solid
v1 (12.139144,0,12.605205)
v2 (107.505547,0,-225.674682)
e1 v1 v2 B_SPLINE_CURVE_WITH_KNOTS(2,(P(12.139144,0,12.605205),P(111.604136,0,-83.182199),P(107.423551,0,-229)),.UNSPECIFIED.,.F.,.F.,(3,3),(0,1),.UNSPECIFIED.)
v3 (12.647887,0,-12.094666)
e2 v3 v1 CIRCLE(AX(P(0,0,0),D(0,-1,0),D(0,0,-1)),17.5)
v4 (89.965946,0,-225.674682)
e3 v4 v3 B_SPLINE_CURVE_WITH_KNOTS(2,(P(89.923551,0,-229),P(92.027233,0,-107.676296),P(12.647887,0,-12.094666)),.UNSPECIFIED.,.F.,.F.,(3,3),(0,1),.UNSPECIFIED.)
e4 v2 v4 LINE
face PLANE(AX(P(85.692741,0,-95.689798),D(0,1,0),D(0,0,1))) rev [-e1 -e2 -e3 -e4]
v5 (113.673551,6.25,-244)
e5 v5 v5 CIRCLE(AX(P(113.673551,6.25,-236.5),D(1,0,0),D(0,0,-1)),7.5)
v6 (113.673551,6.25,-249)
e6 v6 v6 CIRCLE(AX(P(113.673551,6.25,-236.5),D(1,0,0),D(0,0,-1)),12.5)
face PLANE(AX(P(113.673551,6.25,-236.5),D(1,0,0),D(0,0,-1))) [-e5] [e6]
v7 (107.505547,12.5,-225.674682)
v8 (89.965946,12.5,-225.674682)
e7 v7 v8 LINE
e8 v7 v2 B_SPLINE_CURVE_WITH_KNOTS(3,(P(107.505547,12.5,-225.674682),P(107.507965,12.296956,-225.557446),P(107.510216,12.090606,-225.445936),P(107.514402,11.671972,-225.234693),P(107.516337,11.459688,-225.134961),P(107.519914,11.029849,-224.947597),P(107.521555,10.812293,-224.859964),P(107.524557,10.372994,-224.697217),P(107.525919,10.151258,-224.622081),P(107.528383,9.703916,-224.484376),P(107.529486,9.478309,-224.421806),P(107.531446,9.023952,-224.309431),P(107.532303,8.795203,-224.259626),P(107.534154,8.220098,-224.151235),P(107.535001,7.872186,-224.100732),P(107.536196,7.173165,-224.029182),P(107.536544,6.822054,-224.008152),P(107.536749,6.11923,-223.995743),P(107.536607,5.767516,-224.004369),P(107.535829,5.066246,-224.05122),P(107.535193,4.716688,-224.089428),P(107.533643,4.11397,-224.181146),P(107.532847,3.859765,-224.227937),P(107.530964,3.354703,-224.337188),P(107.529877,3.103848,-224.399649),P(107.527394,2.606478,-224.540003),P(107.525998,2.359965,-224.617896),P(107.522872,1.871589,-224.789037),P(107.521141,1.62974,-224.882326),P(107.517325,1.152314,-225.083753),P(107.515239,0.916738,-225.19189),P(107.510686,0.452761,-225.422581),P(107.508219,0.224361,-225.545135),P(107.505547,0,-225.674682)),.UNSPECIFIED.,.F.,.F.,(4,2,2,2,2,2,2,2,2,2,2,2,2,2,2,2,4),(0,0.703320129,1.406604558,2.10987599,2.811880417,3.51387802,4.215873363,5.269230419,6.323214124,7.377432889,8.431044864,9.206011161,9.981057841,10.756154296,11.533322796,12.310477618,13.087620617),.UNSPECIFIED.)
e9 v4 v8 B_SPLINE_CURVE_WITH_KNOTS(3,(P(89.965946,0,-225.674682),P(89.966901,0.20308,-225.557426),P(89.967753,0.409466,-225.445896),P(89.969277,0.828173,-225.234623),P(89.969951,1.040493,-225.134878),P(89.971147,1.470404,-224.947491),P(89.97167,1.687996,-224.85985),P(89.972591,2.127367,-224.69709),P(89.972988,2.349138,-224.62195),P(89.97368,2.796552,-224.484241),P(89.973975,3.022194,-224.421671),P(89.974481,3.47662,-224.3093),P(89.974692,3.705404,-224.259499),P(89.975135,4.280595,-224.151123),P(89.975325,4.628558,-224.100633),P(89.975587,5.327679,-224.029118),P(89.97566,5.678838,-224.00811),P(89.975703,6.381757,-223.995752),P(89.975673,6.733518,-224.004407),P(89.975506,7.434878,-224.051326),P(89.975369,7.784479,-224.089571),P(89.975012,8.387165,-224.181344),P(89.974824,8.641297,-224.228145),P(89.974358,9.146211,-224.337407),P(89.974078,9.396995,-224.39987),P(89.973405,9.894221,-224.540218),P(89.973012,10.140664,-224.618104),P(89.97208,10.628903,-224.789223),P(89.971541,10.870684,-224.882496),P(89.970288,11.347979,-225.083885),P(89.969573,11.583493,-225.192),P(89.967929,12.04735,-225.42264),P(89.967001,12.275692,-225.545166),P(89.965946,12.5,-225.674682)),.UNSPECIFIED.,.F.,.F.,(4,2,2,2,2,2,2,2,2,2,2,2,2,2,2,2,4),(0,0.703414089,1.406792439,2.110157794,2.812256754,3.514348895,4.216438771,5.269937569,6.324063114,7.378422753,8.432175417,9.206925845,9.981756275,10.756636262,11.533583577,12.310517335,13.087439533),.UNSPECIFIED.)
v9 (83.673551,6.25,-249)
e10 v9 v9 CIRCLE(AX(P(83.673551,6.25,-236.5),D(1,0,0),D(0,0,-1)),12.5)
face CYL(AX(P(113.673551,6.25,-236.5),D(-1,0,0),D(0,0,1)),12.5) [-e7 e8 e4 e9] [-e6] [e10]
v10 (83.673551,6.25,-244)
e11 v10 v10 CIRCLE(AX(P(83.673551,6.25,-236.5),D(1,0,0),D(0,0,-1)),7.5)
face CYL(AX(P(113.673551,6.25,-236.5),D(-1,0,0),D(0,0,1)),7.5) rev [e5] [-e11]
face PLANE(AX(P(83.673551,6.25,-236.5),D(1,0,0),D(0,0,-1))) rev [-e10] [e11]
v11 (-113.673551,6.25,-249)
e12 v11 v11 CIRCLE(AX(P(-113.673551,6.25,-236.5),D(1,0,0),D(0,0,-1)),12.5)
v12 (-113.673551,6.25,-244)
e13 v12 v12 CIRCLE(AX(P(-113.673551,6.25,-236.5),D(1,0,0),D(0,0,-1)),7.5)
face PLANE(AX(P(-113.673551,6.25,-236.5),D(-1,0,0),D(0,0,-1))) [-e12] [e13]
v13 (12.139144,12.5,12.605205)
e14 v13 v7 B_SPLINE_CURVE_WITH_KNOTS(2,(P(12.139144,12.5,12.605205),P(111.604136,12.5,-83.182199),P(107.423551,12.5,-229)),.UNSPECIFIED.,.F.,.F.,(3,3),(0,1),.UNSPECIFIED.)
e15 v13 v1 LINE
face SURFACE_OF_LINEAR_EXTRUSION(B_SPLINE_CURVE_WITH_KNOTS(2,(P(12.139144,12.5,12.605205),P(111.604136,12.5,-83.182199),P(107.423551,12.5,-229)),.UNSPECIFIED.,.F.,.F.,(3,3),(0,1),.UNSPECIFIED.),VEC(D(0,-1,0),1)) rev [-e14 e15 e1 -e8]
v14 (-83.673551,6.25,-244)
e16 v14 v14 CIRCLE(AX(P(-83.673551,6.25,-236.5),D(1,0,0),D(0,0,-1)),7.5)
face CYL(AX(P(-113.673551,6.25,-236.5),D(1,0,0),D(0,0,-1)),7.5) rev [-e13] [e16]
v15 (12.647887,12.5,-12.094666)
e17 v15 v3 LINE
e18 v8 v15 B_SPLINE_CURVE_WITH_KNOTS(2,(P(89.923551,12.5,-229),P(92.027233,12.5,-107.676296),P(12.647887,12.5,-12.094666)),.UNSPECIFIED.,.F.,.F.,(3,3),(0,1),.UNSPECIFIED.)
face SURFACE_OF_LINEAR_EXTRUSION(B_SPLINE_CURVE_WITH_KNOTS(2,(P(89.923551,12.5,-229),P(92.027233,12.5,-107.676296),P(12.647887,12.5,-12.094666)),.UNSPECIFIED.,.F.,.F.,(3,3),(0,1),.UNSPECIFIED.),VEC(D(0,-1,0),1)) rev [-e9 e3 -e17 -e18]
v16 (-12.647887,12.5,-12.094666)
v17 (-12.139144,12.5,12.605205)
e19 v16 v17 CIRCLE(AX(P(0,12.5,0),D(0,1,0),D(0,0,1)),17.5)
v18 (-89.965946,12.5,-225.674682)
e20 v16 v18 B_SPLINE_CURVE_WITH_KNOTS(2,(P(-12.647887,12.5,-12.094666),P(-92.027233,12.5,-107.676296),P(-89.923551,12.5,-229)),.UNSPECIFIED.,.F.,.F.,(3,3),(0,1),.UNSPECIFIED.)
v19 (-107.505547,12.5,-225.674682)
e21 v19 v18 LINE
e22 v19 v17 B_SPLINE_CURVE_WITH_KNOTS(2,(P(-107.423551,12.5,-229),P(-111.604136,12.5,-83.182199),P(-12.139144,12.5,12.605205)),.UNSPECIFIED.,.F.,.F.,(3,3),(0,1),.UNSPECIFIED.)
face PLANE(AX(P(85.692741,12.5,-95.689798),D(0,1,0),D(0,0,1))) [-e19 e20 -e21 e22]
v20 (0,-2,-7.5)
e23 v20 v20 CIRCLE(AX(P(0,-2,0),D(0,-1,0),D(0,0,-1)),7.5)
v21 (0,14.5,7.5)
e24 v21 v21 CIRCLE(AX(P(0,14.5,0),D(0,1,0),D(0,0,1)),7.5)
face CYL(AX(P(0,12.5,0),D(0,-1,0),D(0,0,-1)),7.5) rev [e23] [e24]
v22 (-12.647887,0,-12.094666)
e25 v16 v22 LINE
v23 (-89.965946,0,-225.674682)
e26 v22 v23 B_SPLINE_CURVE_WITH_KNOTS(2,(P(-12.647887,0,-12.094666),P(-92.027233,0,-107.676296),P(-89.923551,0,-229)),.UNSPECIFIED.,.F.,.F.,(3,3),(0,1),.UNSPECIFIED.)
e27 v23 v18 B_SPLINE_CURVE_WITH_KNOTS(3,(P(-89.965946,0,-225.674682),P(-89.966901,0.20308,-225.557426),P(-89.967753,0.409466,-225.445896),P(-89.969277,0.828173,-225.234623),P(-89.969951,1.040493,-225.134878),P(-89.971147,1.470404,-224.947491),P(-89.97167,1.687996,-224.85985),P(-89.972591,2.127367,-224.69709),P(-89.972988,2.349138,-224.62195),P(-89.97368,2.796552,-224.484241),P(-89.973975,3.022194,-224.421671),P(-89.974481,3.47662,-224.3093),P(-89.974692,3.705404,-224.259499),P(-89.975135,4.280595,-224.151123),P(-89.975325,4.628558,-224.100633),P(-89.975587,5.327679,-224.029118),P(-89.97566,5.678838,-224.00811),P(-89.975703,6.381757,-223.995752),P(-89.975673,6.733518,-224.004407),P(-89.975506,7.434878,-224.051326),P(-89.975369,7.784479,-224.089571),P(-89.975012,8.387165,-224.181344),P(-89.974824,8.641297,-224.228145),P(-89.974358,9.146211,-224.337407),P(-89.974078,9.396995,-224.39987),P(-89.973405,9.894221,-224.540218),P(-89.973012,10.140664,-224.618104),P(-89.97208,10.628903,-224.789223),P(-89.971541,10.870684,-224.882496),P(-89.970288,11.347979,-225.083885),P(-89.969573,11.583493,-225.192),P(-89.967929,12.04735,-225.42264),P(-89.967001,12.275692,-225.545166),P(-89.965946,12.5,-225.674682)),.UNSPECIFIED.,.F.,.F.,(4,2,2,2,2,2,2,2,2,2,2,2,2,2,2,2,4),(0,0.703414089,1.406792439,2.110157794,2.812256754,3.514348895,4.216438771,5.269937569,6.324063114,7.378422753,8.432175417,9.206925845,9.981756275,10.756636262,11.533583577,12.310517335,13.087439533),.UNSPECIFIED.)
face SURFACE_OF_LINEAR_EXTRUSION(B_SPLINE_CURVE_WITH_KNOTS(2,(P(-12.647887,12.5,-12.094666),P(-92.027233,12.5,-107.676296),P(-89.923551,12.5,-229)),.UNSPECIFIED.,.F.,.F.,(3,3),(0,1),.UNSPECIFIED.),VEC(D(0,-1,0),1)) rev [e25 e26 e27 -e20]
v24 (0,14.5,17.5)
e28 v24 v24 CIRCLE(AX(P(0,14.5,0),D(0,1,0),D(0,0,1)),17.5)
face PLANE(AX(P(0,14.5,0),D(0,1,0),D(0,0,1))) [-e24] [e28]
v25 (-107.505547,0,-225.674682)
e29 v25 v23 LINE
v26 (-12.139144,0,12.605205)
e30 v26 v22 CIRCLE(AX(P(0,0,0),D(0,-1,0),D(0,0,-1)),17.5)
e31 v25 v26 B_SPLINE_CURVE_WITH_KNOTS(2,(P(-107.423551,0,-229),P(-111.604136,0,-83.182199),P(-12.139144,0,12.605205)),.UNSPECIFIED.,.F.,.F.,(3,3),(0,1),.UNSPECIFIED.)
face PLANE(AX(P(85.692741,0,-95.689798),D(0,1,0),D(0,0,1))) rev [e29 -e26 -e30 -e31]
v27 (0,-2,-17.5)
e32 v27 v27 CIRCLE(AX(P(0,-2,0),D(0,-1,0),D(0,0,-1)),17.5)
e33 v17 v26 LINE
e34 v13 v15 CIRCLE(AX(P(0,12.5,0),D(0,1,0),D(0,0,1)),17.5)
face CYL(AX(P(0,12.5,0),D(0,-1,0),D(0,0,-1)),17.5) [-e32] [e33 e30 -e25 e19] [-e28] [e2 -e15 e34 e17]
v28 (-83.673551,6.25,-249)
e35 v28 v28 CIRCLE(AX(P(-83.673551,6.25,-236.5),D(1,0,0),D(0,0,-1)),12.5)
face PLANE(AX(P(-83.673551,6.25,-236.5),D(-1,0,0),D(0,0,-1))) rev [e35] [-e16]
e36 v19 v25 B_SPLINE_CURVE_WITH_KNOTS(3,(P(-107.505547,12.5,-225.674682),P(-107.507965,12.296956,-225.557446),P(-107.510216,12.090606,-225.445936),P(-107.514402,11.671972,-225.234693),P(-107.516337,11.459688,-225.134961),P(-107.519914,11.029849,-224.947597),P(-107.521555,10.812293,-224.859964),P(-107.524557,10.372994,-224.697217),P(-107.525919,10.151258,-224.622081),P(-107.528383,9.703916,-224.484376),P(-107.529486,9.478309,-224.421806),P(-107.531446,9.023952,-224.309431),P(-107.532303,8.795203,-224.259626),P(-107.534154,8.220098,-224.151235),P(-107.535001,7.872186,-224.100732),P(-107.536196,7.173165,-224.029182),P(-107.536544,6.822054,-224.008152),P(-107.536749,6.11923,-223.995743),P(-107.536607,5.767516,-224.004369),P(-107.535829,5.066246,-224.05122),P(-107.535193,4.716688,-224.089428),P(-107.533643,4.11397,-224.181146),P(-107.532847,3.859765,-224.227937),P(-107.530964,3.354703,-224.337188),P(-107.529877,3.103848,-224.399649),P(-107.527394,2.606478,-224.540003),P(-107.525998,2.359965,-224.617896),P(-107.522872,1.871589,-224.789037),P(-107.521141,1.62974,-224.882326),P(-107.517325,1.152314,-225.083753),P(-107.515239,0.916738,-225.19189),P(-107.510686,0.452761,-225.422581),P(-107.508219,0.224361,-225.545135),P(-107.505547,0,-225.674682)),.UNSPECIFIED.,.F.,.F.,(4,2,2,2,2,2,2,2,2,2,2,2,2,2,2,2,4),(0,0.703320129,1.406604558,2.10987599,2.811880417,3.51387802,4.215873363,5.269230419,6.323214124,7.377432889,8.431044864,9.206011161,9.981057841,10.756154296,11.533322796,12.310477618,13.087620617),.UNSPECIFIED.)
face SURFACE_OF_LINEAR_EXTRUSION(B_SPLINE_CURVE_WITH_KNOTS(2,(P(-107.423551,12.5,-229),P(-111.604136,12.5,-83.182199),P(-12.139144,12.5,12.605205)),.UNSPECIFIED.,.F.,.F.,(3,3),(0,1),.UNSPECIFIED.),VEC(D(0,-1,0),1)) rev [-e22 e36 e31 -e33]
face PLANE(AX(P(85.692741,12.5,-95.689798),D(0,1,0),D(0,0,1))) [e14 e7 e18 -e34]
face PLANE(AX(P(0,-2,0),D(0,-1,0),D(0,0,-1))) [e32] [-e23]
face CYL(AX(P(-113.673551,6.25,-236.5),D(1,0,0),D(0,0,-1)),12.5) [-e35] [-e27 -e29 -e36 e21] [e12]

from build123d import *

# Parameters (mm, degrees)
CROQUIS1_R              = 7.5
SALIENTE_EXTRUIR1_DEPTH = 12.5
CROQUIS3_R              = 12.5
CROQUIS3_R_2            = 7.5
SALIENTE_EXTRUIR2_DEPTH = 15
CROQUIS4_R              = 17.5
CROQUIS4_R_2            = 7.5
SALIENTE_EXTRUIR3_DEPTH = 2
CROQUIS5_R              = 17.5
CROQUIS5_R_2            = 7.5
SALIENTE_EXTRUIR4_DEPTH = 2


with BuildPart() as part:
    # Croquis1 → Saliente-Extruir1 (new body)
    with BuildSketch(Plane(origin=(0, 0, 0), x_dir=(1, 0, 0), z_dir=(0, 1, 0))):
        with BuildLine():
            Line((-107.423550962, 229), (-89.923550962, 229))
            add(Edge.make_bspline(
                [(-89.923550962, 229), (-92.027233401, 107.676295976), (-12.647886898, 12.09466647)],
                knots=[0, 0, 0, 1, 1, 1], degree=2))
            ThreePointArc((-12.647886898, 12.09466647), (0, 17.5), (12.647886898, 12.09466647))
            add(Edge.make_bspline(
                [(89.923550962, 229), (92.027233401, 107.676295976), (12.647886898, 12.09466647)],
                knots=[0, 0, 0, 1, 1, 1], degree=2))
            Line((89.923550962, 229), (107.423550962, 229))
            add(Edge.make_bspline(
                [(107.423550962, 229), (111.604135582, 83.182199319), (12.139143835, -12.605204756)],
                knots=[0, 0, 0, 1, 1, 1], degree=2))
            ThreePointArc((12.139143835, -12.605204756), (0, -17.5), (-12.139143835, -12.605204756))
            add(Edge.make_bspline(
                [(-107.423550962, 229), (-111.604135582, 83.182199319), (-12.139143835, -12.605204756)],
                knots=[0, 0, 0, 1, 1, 1], degree=2))
        make_face()
        Circle(CROQUIS1_R, mode=Mode.SUBTRACT)
    extrude(amount=SALIENTE_EXTRUIR1_DEPTH)

    # Croquis3 → Saliente-Extruir2 (add, symmetric)
    with BuildSketch(Plane(origin=(98.673550962, 0, 0), x_dir=(0, 0, -1), z_dir=(1, 0, 0))):
        with Locations((236.5, 6.25)):
            Circle(CROQUIS3_R)
        with Locations((236.5, 6.25)):
            Circle(CROQUIS3_R_2, mode=Mode.SUBTRACT)
    saliente_extruir2 = extrude(amount=SALIENTE_EXTRUIR2_DEPTH, both=True)

    # Simetría1: Saliente-Extruir2 across plane
    add(saliente_extruir2.mirror(Plane(origin=(0, 0, 0), x_dir=(0, 0, 1), z_dir=(1, 0, 0))))

    # Croquis4 → Saliente-Extruir3 (add)
    with BuildSketch(Plane(origin=(0, 12.5, 0), x_dir=(1, 0, 0), z_dir=(0, 1, 0))):
        Circle(CROQUIS4_R)
        Circle(CROQUIS4_R_2, mode=Mode.SUBTRACT)
    extrude(amount=SALIENTE_EXTRUIR3_DEPTH)

    # Croquis5 → Saliente-Extruir4 (add)
    with BuildSketch(Plane.XZ):
        Circle(CROQUIS5_R)
        Circle(CROQUIS5_R_2, mode=Mode.SUBTRACT)
    extrude(amount=SALIENTE_EXTRUIR4_DEPTH)


solid = part.part
